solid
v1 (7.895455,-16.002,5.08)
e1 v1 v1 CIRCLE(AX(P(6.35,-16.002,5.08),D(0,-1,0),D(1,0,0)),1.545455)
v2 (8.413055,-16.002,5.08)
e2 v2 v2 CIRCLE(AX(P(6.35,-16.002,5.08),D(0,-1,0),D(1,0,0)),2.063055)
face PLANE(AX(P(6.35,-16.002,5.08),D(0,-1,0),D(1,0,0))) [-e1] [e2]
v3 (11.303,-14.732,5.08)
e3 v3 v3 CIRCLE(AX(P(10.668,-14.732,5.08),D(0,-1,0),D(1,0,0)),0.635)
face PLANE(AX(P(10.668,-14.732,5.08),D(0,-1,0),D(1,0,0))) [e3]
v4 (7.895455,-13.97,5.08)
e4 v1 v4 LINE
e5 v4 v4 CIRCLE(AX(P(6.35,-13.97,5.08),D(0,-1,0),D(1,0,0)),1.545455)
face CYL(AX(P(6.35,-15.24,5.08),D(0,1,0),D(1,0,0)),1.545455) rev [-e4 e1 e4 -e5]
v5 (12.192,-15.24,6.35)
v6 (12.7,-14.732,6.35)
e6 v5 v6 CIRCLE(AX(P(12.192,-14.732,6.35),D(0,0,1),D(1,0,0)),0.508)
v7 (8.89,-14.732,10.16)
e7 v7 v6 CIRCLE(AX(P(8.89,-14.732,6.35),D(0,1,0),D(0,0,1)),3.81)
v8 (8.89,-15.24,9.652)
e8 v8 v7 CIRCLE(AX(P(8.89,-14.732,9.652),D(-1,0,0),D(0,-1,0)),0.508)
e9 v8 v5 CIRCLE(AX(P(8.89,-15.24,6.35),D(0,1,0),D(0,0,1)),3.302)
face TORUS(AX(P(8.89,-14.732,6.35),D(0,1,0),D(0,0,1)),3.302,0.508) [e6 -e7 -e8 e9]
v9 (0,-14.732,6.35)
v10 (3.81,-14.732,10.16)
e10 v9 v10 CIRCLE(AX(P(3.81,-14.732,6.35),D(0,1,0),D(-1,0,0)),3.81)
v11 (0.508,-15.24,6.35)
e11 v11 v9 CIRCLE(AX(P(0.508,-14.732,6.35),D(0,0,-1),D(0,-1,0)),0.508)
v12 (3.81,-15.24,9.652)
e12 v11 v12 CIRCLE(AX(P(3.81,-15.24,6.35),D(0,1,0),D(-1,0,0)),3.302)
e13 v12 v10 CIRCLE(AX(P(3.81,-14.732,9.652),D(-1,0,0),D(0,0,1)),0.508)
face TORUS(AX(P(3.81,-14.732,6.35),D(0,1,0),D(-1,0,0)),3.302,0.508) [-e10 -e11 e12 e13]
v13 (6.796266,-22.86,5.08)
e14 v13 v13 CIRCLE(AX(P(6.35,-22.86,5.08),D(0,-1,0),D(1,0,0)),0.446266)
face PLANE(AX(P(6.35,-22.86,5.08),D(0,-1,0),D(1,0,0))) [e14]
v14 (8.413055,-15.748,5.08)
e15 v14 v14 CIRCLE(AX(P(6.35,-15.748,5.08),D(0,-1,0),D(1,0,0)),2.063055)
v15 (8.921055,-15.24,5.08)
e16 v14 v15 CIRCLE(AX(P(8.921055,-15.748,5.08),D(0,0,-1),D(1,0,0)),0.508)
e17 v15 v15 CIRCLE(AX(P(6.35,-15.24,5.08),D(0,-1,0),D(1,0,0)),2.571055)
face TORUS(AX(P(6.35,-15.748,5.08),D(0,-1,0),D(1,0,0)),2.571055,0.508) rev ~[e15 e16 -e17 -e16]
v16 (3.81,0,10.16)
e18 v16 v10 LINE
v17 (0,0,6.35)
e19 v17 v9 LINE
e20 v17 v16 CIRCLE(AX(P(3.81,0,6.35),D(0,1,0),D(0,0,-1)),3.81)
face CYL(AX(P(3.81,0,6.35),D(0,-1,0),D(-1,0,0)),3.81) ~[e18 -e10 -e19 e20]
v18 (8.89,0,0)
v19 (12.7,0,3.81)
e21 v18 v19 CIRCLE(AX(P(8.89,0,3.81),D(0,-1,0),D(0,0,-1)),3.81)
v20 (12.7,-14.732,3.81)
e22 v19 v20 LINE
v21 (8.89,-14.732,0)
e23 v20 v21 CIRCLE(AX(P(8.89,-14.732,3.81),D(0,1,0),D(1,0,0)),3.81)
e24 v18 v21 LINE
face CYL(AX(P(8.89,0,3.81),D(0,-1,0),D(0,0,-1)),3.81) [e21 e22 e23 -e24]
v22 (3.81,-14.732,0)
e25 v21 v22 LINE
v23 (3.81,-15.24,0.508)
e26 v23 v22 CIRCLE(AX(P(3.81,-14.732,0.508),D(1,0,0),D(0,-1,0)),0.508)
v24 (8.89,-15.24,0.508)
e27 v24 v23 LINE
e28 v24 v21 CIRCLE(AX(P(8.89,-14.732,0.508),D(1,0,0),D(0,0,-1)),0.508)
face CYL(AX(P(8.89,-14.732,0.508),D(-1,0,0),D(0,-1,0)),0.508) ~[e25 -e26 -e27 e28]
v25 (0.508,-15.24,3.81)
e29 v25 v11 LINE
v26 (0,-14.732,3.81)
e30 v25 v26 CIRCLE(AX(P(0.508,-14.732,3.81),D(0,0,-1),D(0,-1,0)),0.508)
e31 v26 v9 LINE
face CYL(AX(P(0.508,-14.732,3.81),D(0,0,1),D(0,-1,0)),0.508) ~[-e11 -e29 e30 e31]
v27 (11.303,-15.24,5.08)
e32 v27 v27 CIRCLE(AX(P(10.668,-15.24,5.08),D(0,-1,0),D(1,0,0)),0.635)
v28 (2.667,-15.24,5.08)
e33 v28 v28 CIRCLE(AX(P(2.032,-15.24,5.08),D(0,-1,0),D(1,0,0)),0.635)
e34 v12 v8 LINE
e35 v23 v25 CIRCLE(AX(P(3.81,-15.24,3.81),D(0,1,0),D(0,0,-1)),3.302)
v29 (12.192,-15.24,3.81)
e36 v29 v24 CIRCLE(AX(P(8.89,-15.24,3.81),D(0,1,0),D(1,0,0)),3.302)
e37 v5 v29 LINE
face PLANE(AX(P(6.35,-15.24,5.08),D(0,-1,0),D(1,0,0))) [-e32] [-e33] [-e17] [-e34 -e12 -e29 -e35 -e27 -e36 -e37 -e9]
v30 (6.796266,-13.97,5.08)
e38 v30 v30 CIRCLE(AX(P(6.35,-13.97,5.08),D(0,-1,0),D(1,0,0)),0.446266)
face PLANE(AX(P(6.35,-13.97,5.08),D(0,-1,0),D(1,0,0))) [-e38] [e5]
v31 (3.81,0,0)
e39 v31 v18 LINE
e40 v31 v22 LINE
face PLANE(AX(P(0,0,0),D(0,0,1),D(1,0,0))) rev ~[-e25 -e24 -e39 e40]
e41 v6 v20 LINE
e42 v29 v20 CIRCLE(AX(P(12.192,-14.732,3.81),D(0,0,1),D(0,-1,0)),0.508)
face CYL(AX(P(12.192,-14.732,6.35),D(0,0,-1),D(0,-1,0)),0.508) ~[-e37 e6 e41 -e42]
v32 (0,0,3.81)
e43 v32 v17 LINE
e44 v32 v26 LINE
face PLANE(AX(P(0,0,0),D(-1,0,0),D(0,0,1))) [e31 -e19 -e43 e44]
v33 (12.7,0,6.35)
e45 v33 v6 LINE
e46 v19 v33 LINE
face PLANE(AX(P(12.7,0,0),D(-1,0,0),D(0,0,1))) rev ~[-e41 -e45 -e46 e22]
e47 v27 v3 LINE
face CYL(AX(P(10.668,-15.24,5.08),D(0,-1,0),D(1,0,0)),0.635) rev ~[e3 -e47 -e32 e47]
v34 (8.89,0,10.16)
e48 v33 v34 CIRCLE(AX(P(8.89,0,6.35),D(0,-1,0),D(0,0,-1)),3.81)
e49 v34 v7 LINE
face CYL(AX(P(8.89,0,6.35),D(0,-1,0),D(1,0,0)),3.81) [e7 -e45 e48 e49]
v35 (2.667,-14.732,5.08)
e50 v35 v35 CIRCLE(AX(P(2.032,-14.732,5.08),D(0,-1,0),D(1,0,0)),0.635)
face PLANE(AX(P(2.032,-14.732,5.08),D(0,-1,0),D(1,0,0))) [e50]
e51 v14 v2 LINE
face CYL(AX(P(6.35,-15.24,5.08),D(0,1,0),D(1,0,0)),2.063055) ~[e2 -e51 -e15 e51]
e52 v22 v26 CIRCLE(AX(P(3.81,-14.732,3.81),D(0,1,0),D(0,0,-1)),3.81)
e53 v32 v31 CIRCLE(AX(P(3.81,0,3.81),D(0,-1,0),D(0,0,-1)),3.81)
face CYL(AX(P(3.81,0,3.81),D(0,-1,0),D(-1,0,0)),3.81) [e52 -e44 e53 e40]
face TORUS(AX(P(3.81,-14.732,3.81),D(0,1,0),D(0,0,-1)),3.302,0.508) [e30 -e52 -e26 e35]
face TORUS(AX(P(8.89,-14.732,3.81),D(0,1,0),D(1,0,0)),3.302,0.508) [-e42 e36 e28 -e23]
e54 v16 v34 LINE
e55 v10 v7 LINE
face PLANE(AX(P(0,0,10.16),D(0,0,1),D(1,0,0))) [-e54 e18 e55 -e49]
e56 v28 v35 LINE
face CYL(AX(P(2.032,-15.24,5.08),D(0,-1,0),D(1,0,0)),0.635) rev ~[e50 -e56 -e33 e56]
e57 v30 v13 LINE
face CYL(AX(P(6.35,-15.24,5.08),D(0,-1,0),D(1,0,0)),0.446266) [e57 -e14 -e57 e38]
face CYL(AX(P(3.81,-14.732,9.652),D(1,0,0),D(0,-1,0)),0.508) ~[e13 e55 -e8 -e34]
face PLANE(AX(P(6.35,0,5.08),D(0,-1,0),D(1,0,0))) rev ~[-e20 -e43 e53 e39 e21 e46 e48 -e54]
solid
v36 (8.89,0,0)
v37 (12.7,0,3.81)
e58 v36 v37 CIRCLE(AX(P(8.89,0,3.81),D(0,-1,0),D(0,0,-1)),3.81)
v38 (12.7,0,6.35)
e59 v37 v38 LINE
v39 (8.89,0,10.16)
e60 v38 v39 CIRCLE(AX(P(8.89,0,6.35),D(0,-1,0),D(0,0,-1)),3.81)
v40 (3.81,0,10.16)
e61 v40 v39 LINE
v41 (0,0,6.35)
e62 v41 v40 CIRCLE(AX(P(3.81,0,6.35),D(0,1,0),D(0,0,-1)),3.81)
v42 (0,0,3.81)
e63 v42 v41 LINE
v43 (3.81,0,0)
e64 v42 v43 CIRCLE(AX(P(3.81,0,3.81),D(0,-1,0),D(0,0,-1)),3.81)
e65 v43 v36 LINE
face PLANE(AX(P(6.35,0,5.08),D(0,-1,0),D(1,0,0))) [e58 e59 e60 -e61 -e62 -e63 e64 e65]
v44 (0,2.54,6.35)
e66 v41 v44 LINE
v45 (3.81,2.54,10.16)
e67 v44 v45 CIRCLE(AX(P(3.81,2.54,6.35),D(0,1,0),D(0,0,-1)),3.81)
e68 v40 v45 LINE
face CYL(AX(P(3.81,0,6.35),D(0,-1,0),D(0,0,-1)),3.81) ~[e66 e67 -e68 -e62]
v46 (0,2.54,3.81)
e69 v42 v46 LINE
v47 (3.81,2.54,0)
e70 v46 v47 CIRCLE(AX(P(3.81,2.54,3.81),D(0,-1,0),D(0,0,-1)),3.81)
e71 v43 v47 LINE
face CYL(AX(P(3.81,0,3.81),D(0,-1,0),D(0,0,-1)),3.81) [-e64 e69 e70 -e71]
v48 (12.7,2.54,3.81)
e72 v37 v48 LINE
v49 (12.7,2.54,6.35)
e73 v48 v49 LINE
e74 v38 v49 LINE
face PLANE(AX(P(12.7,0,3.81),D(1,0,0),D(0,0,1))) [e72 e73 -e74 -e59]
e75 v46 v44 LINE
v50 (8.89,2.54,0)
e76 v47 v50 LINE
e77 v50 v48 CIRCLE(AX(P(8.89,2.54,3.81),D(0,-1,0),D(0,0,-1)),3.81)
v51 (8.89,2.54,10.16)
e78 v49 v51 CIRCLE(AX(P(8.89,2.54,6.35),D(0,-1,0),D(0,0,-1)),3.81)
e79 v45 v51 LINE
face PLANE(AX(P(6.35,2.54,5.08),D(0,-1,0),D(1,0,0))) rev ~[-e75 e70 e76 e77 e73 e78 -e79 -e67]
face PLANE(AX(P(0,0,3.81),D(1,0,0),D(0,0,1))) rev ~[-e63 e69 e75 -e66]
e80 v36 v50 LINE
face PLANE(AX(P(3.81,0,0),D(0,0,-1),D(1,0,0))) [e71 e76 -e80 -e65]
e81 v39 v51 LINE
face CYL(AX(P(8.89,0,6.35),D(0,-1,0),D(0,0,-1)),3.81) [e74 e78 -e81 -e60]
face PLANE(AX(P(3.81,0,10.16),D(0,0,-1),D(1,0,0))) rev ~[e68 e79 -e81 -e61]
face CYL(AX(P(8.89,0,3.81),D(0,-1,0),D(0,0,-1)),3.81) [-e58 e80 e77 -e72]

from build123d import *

# Parameters (mm, degrees)
F0_W     = 12.7
F0_H     = 10.16
F1_DEPTH = 15.24
F2_R     = 3.81
F3_R     = 1.5454546585
F3_R_2   = 0.4462657604
F4_DEPTH = 1.27
F3_R_3   = 2.0630546014
F5_DEPTH = 0.762
F6_DEPTH = 7.62
F7_R     = 0.508
F3_R_4   = 0.635
F8_DEPTH = 0.508
F9_DEPTH = 2.54


with BuildPart() as f1:
    # F0 (on Front) → F1 (new body)
    with BuildSketch(Plane.XZ):
        with Locations((6.35, 5.08)):
            Rectangle(F0_W, F0_H)
    extrude(amount=F1_DEPTH)

    # F2
    f2_edges = [f1.edges().sort_by_distance(p)[0] for p in [
        (0, -7.62, 10.16),
        (12.7, -7.62, 10.16),
        (0, -7.62, 0),
        (12.7, -7.62, 0),
    ]]
    fillet(f2_edges, radius=F2_R)

    # F3 (on face) → F4 (cut)
    with BuildSketch(Plane.XZ.offset(15.24)):
        with Locations((6.35, 5.08)):
            Circle(F3_R)
        with Locations((6.35, 5.08)):
            Circle(F3_R_2, mode=Mode.SUBTRACT)
    extrude(amount=-F4_DEPTH, mode=Mode.SUBTRACT)

    # F3 (on face) → F5 (join)
    with BuildSketch(Plane.XZ.offset(15.24)):
        with Locations((6.35, 5.08)):
            Circle(F3_R_3)
        with Locations((6.35, 5.08)):
            Circle(F3_R, mode=Mode.SUBTRACT)
    extrude(amount=F5_DEPTH)

    # F6 (add): a face of the model
    f6_faces = [f1.faces().sort_by_distance(p)[0] for p in [
        (6.35, -15.24, 5.08),
    ]]
    extrude(f6_faces, amount=F6_DEPTH)

    # F7
    f7_edges = [f1.edges().sort_by_distance(p)[0] for p in [
        (0, -15.24, 5.08),
        (1.115923, -15.24, 9.044077),
        (1.115923, -15.24, 1.115923),
        (6.35, -15.24, 10.16),
        (6.35, -15.24, 0),
        (11.584077, -15.24, 9.044077),
        (11.584077, -15.24, 1.115923),
        (12.7, -15.24, 5.08),
        (4.286945, -15.24, 5.08),
    ]]
    fillet(f7_edges, radius=F7_R)

    # F3 (on face) → F8 (cut)
    with BuildSketch(Plane.XZ.offset(15.24)):
        with Locations((2.032, 5.08)):
            Circle(F3_R_4)
        with Locations((10.668, 5.08)):
            Circle(F3_R_4)
    extrude(amount=-F8_DEPTH, mode=Mode.SUBTRACT)


with BuildPart() as f9:
    # F9 (new): a face of the model
    f9_faces = [f1.part.faces().sort_by_distance(p)[0] for p in [
        (6.35, 0, 5.08),
    ]]
    extrude(f9_faces, amount=F9_DEPTH)


solid = Compound([f1.part, f9.part])
